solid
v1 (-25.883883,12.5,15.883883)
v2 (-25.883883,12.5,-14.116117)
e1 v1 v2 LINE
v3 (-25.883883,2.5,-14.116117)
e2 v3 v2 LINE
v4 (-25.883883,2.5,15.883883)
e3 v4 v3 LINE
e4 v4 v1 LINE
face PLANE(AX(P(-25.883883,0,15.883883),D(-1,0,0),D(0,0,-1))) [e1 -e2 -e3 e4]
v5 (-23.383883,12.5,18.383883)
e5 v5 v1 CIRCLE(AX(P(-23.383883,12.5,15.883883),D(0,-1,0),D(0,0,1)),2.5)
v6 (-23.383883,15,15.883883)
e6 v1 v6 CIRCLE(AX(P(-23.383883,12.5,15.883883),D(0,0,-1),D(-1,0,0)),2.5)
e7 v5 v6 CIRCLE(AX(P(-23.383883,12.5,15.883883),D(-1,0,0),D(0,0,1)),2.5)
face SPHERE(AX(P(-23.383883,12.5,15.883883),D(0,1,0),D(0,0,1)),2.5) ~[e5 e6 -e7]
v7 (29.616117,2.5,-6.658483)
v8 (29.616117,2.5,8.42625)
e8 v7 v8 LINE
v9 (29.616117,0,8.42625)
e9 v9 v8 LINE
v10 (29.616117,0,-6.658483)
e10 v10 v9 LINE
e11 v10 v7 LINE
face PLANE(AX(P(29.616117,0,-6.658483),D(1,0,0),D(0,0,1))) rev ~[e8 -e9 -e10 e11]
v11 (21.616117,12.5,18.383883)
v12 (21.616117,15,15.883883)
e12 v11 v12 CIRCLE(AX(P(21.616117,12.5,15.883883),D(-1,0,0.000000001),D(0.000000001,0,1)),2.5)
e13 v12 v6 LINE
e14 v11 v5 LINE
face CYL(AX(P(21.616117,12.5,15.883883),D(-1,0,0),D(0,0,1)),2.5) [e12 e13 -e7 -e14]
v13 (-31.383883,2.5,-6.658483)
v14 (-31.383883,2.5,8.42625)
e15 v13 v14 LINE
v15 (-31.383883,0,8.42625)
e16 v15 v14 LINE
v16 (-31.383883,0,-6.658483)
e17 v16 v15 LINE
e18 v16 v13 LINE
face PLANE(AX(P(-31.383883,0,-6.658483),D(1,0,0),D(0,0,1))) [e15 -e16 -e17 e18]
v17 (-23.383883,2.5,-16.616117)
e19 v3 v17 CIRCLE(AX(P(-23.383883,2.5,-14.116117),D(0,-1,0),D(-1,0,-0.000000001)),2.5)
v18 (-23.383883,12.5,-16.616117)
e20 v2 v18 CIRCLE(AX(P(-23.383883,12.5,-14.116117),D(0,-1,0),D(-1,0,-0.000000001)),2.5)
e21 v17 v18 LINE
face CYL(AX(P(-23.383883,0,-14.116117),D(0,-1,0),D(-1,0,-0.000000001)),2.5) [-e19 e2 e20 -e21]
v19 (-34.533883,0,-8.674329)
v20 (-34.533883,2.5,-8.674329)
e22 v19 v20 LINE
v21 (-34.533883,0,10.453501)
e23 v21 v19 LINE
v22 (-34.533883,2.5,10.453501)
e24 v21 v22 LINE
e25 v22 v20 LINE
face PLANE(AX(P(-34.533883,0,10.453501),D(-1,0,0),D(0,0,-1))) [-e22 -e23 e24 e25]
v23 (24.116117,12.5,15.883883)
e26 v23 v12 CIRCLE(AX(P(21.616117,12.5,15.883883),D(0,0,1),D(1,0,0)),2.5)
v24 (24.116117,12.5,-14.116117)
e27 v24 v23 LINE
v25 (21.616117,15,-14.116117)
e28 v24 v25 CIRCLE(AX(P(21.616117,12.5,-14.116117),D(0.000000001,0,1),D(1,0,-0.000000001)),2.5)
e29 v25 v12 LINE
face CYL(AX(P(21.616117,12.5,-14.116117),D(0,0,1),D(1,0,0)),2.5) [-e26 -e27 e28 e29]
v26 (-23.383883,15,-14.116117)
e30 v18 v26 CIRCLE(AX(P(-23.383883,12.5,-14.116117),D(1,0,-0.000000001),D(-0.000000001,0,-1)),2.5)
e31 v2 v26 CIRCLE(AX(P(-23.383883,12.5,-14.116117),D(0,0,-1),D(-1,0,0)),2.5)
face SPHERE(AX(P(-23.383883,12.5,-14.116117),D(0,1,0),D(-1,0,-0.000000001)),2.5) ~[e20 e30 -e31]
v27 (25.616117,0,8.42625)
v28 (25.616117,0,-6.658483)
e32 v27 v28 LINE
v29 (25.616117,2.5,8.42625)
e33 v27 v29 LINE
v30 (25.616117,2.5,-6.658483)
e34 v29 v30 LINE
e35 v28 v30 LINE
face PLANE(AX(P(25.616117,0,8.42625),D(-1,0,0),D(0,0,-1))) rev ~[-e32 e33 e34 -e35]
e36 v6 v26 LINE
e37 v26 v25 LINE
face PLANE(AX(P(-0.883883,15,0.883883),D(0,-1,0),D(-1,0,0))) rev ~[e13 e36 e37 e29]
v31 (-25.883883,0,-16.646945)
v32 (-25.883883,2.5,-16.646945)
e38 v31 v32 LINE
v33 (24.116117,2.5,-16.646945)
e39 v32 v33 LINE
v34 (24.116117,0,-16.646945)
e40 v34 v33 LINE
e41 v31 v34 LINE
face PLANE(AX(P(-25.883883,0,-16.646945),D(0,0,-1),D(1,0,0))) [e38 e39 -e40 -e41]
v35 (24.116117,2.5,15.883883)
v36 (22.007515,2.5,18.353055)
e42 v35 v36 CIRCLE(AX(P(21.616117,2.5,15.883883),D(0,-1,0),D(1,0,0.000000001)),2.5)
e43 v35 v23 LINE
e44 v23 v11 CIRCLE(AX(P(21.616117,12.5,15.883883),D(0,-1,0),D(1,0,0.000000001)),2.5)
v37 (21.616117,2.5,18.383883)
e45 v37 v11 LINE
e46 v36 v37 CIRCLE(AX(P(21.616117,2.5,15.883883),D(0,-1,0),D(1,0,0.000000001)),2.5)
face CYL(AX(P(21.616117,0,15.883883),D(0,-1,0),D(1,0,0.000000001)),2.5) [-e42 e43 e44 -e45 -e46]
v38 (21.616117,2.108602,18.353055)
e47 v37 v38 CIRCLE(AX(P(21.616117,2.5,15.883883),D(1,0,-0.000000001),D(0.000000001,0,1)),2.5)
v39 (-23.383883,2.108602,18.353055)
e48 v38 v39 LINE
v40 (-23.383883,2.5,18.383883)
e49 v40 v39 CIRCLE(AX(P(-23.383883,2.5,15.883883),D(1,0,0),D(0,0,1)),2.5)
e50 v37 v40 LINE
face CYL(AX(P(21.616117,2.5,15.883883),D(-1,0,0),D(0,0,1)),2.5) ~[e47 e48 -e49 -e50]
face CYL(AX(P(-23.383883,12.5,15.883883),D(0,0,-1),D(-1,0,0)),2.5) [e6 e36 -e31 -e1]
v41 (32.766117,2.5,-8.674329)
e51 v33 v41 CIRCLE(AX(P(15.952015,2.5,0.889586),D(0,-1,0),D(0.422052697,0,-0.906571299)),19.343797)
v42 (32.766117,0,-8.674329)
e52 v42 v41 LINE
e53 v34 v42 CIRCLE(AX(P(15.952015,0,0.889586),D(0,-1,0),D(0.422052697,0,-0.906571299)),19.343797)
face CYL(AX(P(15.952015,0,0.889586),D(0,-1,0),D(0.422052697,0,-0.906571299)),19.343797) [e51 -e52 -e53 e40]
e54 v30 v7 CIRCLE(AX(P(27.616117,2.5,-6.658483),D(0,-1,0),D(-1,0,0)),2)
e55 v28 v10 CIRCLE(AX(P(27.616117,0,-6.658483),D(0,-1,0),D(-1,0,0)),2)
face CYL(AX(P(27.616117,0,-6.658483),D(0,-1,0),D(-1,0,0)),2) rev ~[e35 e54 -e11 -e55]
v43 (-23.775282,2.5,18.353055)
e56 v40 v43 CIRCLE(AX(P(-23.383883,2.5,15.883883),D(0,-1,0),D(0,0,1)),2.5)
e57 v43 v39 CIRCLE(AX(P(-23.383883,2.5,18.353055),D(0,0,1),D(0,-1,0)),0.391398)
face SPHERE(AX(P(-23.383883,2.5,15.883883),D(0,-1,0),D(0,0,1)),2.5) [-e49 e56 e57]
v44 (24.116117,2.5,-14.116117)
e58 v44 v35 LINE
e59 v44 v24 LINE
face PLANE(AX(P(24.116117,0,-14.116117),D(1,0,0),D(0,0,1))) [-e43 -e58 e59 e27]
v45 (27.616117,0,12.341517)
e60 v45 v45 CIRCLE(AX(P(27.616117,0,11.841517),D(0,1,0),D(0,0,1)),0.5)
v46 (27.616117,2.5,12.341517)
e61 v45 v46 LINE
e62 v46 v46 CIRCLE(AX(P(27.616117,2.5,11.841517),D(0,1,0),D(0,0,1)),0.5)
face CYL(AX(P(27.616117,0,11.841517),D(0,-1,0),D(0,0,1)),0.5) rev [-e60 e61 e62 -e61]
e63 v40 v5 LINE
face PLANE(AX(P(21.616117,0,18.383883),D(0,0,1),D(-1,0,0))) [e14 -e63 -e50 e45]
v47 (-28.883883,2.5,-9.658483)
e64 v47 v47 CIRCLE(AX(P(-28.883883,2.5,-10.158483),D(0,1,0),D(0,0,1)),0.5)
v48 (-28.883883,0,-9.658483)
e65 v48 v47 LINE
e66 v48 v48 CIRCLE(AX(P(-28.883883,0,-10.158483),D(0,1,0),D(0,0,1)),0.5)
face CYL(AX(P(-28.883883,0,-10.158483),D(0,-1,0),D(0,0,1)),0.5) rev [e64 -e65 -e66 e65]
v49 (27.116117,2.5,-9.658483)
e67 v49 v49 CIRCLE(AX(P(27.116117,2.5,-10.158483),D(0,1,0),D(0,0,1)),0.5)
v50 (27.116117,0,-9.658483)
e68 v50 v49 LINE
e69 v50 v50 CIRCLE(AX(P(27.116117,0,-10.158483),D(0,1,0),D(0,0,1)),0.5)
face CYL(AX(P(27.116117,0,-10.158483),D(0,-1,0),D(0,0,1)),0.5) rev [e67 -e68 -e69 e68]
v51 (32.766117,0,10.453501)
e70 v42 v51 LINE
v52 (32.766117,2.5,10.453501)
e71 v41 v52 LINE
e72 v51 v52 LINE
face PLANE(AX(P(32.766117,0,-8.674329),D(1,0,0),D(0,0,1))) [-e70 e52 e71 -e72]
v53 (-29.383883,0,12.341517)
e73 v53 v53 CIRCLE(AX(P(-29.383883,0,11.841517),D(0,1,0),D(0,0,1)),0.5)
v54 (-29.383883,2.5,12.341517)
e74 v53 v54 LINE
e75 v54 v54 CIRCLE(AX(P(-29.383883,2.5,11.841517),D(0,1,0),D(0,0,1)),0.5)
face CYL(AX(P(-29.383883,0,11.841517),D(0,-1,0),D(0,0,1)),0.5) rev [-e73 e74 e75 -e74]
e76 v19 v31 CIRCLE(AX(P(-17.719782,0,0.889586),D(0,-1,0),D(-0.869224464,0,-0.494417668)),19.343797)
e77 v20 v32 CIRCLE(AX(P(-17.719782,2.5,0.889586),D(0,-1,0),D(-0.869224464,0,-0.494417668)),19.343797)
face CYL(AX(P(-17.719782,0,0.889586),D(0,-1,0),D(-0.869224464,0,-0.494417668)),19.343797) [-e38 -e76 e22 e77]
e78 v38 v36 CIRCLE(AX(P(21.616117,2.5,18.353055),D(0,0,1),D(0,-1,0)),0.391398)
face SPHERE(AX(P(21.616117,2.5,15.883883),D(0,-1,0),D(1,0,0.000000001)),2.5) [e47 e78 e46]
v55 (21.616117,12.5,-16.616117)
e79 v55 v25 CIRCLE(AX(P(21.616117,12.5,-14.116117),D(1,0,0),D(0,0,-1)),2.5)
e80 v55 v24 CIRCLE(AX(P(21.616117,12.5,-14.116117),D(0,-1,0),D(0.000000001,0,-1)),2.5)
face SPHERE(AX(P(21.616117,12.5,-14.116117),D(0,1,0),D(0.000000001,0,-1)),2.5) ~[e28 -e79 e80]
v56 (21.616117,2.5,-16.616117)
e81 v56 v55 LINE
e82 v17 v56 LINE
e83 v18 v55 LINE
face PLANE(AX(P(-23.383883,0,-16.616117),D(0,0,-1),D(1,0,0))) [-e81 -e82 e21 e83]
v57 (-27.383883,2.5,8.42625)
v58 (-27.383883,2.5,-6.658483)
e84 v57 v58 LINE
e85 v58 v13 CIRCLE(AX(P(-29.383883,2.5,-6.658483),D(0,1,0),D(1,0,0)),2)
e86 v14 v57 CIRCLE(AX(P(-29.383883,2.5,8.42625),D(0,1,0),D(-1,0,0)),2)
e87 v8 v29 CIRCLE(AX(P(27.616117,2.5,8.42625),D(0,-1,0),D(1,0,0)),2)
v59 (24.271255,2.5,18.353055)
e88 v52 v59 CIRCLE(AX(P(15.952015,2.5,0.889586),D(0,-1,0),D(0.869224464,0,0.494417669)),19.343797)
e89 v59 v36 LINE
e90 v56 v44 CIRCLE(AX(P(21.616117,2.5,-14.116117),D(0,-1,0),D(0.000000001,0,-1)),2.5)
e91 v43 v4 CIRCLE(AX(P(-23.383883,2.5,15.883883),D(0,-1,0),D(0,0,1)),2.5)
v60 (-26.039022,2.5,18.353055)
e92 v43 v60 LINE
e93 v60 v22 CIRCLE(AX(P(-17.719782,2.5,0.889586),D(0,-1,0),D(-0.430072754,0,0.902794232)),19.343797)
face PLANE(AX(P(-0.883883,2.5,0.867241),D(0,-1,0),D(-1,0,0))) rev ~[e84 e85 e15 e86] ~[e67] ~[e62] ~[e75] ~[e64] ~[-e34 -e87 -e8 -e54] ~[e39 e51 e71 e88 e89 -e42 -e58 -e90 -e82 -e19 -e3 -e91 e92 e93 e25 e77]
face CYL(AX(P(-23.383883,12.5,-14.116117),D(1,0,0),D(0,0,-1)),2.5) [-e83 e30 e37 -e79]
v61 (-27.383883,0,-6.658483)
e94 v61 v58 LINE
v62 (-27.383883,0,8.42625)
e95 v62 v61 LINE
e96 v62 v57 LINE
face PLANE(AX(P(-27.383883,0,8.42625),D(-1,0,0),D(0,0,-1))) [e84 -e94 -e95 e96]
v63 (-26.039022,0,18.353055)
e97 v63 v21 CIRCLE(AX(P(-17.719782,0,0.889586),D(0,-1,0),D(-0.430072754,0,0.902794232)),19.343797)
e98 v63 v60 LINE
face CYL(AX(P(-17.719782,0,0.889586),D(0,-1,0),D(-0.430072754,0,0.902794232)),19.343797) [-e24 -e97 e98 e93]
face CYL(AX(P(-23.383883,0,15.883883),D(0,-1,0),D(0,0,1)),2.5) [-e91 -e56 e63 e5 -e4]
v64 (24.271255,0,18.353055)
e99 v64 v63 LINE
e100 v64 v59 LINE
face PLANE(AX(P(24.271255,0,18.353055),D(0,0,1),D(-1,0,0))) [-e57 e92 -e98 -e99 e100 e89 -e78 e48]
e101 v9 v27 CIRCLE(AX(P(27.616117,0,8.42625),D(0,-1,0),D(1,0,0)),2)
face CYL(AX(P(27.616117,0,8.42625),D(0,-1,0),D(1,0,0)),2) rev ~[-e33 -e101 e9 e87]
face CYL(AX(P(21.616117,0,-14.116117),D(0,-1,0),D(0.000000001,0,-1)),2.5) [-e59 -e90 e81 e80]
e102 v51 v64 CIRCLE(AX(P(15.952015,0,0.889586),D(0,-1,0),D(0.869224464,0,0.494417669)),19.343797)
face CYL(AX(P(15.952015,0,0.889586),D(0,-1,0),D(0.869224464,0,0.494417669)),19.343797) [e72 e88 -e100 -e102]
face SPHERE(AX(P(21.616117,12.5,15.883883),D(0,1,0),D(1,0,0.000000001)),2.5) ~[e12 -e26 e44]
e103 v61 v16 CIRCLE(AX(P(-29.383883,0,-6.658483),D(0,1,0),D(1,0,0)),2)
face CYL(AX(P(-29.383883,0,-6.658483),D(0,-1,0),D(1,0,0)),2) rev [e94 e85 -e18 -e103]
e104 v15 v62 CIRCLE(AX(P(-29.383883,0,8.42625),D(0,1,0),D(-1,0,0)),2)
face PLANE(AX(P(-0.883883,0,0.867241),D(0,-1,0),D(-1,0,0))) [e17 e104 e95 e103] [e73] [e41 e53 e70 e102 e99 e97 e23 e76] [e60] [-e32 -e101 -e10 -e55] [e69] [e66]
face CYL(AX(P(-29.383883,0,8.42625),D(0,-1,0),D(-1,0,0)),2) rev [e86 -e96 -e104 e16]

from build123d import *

# Parameters (mm, degrees)
BOSS_EXTRUDE2_DEPTH = 15
FILLET2_R           = 2.5
SKETCH3_R           = 0.5
BOSS_EXTRUDE4_DEPTH = 2.5


with BuildPart() as part:
    # Sketch1 → Boss-Extrude2 (new body)
    with BuildSketch(Plane(origin=(0, 0, 0), x_dir=(1, 0, 0), z_dir=(0, 1, 0))):
        with BuildLine():
            Line((-23.383883476, 16.616116524), (21.616116524, 16.616116524))
            ThreePointArc((21.616116524, 16.616116524), (23.383883476, 15.883883476), (24.116116524, 14.116116524))
            Line((24.116116524, 14.116116524), (24.116116524, -15.883883476))
            ThreePointArc((24.116116524, -15.883883476), (23.383883476, -17.651650429), (21.616116524, -18.383883476))
            Line((21.616116524, -18.383883476), (-23.383883476, -18.383883476))
            ThreePointArc((-23.383883476, -18.383883476), (-25.151650429, -17.651650429), (-25.883883476, -15.883883476))
            Line((-25.883883476, -15.883883476), (-25.883883476, 14.116116524))
            ThreePointArc((-25.883883476, 14.116116524), (-25.151650429, 15.883883476), (-23.383883476, 16.616116524))
        make_face()
    extrude(amount=BOSS_EXTRUDE2_DEPTH)

    # Fillet2
    fillet2_edges = [part.edges().sort_by_distance(p)[0] for p in [
        (-25.151650429, 15, 17.651650429),
        (-25.883883476, 0, 0.883883476),
        (-25.151650429, 0, -15.883883476),
        (-0.883883476, 15, 18.383883476),
        (23.383883476, 15, 17.651650429),
        (24.116116524, 15, 0.883883476),
        (23.383883476, 15, -15.883883476),
        (-0.883883476, 15, -16.616116524),
        (-25.151650429, 15, -15.883883476),
        (-25.883883476, 15, 0.883883476),
        (-0.883883476, 0, -16.616116524),
        (23.383883476, 0, -15.883883476),
        (24.116116524, 0, 0.883883476),
        (23.383883476, 0, 17.651650429),
        (-0.883883476, 0, 18.383883476),
        (-25.151650429, 0, 17.651650429),
    ]]
    fillet(fillet2_edges, radius=FILLET2_R)

    # Sketch3 → Boss-Extrude4 (add)
    with BuildSketch(Plane(origin=(0, 0, 0), x_dir=(1, 0, 0), z_dir=(0, 1, 0))):
        with BuildLine():
            Line((-25.883883476, 16.646945133), (24.116116524, 16.646945133))
            ThreePointArc((24.116116524, 16.646945133), (29.061870418, 13.334132498), (32.766116524, 8.674328862))
            Line((32.766116524, 8.674328862), (32.766116524, -10.453501419))
            ThreePointArc((32.766116524, -10.453501419), (29.124788001, -15.055056138), (24.271254893, -18.353054867))
            Line((24.271254893, -18.353054867), (-26.039021846, -18.353054867))
            ThreePointArc((-26.039021846, -18.353054867), (-30.892554954, -15.055056138), (-34.533883476, -10.453501419))
            Line((-34.533883476, -10.453501419), (-34.533883476, 8.674328862))
            ThreePointArc((-34.533883476, 8.674328862), (-30.829637371, 13.334132498), (-25.883883476, 16.646945133))
        make_face()
        with Locations(Location((-28.883883476, 10.158483361, 0), (0, 0, 270))):
            Circle(SKETCH3_R, mode=Mode.SUBTRACT)
        with Locations(Location((-29.383883476, -11.841516639, 0), (0, 0, 270))):
            Circle(SKETCH3_R, mode=Mode.SUBTRACT)
        with Locations(Location((27.616116524, -11.841516639, 0), (0, 0, 270))):
            Circle(SKETCH3_R, mode=Mode.SUBTRACT)
        with Locations(Location((27.116116524, 10.158483361, 0), (0, 0, 270))):
            Circle(SKETCH3_R, mode=Mode.SUBTRACT)
        with BuildLine():
            Line((29.616116524, 6.658483361), (29.616116524, -8.426250314))
            ThreePointArc((29.616116524, -8.426250314), (27.616116524, -10.426250314), (25.616116524, -8.426250314))
            Line((25.616116524, -8.426250314), (25.616116524, 6.658483361))
            ThreePointArc((25.616116524, 6.658483361), (27.616116524, 8.658483361), (29.616116524, 6.658483361))
        make_face(mode=Mode.SUBTRACT)
        with BuildLine():
            Line((-31.383883476, 6.658483361), (-31.383883476, -8.426250314))
            ThreePointArc((-31.383883476, -8.426250314), (-29.383883476, -10.426250314), (-27.383883476, -8.426250314))
            Line((-27.383883476, -8.426250314), (-27.383883476, 6.658483361))
            ThreePointArc((-27.383883476, 6.658483361), (-29.383883476, 8.658483361), (-31.383883476, 6.658483361))
        make_face(mode=Mode.SUBTRACT)
    extrude(amount=BOSS_EXTRUDE4_DEPTH)


solid = part.part
